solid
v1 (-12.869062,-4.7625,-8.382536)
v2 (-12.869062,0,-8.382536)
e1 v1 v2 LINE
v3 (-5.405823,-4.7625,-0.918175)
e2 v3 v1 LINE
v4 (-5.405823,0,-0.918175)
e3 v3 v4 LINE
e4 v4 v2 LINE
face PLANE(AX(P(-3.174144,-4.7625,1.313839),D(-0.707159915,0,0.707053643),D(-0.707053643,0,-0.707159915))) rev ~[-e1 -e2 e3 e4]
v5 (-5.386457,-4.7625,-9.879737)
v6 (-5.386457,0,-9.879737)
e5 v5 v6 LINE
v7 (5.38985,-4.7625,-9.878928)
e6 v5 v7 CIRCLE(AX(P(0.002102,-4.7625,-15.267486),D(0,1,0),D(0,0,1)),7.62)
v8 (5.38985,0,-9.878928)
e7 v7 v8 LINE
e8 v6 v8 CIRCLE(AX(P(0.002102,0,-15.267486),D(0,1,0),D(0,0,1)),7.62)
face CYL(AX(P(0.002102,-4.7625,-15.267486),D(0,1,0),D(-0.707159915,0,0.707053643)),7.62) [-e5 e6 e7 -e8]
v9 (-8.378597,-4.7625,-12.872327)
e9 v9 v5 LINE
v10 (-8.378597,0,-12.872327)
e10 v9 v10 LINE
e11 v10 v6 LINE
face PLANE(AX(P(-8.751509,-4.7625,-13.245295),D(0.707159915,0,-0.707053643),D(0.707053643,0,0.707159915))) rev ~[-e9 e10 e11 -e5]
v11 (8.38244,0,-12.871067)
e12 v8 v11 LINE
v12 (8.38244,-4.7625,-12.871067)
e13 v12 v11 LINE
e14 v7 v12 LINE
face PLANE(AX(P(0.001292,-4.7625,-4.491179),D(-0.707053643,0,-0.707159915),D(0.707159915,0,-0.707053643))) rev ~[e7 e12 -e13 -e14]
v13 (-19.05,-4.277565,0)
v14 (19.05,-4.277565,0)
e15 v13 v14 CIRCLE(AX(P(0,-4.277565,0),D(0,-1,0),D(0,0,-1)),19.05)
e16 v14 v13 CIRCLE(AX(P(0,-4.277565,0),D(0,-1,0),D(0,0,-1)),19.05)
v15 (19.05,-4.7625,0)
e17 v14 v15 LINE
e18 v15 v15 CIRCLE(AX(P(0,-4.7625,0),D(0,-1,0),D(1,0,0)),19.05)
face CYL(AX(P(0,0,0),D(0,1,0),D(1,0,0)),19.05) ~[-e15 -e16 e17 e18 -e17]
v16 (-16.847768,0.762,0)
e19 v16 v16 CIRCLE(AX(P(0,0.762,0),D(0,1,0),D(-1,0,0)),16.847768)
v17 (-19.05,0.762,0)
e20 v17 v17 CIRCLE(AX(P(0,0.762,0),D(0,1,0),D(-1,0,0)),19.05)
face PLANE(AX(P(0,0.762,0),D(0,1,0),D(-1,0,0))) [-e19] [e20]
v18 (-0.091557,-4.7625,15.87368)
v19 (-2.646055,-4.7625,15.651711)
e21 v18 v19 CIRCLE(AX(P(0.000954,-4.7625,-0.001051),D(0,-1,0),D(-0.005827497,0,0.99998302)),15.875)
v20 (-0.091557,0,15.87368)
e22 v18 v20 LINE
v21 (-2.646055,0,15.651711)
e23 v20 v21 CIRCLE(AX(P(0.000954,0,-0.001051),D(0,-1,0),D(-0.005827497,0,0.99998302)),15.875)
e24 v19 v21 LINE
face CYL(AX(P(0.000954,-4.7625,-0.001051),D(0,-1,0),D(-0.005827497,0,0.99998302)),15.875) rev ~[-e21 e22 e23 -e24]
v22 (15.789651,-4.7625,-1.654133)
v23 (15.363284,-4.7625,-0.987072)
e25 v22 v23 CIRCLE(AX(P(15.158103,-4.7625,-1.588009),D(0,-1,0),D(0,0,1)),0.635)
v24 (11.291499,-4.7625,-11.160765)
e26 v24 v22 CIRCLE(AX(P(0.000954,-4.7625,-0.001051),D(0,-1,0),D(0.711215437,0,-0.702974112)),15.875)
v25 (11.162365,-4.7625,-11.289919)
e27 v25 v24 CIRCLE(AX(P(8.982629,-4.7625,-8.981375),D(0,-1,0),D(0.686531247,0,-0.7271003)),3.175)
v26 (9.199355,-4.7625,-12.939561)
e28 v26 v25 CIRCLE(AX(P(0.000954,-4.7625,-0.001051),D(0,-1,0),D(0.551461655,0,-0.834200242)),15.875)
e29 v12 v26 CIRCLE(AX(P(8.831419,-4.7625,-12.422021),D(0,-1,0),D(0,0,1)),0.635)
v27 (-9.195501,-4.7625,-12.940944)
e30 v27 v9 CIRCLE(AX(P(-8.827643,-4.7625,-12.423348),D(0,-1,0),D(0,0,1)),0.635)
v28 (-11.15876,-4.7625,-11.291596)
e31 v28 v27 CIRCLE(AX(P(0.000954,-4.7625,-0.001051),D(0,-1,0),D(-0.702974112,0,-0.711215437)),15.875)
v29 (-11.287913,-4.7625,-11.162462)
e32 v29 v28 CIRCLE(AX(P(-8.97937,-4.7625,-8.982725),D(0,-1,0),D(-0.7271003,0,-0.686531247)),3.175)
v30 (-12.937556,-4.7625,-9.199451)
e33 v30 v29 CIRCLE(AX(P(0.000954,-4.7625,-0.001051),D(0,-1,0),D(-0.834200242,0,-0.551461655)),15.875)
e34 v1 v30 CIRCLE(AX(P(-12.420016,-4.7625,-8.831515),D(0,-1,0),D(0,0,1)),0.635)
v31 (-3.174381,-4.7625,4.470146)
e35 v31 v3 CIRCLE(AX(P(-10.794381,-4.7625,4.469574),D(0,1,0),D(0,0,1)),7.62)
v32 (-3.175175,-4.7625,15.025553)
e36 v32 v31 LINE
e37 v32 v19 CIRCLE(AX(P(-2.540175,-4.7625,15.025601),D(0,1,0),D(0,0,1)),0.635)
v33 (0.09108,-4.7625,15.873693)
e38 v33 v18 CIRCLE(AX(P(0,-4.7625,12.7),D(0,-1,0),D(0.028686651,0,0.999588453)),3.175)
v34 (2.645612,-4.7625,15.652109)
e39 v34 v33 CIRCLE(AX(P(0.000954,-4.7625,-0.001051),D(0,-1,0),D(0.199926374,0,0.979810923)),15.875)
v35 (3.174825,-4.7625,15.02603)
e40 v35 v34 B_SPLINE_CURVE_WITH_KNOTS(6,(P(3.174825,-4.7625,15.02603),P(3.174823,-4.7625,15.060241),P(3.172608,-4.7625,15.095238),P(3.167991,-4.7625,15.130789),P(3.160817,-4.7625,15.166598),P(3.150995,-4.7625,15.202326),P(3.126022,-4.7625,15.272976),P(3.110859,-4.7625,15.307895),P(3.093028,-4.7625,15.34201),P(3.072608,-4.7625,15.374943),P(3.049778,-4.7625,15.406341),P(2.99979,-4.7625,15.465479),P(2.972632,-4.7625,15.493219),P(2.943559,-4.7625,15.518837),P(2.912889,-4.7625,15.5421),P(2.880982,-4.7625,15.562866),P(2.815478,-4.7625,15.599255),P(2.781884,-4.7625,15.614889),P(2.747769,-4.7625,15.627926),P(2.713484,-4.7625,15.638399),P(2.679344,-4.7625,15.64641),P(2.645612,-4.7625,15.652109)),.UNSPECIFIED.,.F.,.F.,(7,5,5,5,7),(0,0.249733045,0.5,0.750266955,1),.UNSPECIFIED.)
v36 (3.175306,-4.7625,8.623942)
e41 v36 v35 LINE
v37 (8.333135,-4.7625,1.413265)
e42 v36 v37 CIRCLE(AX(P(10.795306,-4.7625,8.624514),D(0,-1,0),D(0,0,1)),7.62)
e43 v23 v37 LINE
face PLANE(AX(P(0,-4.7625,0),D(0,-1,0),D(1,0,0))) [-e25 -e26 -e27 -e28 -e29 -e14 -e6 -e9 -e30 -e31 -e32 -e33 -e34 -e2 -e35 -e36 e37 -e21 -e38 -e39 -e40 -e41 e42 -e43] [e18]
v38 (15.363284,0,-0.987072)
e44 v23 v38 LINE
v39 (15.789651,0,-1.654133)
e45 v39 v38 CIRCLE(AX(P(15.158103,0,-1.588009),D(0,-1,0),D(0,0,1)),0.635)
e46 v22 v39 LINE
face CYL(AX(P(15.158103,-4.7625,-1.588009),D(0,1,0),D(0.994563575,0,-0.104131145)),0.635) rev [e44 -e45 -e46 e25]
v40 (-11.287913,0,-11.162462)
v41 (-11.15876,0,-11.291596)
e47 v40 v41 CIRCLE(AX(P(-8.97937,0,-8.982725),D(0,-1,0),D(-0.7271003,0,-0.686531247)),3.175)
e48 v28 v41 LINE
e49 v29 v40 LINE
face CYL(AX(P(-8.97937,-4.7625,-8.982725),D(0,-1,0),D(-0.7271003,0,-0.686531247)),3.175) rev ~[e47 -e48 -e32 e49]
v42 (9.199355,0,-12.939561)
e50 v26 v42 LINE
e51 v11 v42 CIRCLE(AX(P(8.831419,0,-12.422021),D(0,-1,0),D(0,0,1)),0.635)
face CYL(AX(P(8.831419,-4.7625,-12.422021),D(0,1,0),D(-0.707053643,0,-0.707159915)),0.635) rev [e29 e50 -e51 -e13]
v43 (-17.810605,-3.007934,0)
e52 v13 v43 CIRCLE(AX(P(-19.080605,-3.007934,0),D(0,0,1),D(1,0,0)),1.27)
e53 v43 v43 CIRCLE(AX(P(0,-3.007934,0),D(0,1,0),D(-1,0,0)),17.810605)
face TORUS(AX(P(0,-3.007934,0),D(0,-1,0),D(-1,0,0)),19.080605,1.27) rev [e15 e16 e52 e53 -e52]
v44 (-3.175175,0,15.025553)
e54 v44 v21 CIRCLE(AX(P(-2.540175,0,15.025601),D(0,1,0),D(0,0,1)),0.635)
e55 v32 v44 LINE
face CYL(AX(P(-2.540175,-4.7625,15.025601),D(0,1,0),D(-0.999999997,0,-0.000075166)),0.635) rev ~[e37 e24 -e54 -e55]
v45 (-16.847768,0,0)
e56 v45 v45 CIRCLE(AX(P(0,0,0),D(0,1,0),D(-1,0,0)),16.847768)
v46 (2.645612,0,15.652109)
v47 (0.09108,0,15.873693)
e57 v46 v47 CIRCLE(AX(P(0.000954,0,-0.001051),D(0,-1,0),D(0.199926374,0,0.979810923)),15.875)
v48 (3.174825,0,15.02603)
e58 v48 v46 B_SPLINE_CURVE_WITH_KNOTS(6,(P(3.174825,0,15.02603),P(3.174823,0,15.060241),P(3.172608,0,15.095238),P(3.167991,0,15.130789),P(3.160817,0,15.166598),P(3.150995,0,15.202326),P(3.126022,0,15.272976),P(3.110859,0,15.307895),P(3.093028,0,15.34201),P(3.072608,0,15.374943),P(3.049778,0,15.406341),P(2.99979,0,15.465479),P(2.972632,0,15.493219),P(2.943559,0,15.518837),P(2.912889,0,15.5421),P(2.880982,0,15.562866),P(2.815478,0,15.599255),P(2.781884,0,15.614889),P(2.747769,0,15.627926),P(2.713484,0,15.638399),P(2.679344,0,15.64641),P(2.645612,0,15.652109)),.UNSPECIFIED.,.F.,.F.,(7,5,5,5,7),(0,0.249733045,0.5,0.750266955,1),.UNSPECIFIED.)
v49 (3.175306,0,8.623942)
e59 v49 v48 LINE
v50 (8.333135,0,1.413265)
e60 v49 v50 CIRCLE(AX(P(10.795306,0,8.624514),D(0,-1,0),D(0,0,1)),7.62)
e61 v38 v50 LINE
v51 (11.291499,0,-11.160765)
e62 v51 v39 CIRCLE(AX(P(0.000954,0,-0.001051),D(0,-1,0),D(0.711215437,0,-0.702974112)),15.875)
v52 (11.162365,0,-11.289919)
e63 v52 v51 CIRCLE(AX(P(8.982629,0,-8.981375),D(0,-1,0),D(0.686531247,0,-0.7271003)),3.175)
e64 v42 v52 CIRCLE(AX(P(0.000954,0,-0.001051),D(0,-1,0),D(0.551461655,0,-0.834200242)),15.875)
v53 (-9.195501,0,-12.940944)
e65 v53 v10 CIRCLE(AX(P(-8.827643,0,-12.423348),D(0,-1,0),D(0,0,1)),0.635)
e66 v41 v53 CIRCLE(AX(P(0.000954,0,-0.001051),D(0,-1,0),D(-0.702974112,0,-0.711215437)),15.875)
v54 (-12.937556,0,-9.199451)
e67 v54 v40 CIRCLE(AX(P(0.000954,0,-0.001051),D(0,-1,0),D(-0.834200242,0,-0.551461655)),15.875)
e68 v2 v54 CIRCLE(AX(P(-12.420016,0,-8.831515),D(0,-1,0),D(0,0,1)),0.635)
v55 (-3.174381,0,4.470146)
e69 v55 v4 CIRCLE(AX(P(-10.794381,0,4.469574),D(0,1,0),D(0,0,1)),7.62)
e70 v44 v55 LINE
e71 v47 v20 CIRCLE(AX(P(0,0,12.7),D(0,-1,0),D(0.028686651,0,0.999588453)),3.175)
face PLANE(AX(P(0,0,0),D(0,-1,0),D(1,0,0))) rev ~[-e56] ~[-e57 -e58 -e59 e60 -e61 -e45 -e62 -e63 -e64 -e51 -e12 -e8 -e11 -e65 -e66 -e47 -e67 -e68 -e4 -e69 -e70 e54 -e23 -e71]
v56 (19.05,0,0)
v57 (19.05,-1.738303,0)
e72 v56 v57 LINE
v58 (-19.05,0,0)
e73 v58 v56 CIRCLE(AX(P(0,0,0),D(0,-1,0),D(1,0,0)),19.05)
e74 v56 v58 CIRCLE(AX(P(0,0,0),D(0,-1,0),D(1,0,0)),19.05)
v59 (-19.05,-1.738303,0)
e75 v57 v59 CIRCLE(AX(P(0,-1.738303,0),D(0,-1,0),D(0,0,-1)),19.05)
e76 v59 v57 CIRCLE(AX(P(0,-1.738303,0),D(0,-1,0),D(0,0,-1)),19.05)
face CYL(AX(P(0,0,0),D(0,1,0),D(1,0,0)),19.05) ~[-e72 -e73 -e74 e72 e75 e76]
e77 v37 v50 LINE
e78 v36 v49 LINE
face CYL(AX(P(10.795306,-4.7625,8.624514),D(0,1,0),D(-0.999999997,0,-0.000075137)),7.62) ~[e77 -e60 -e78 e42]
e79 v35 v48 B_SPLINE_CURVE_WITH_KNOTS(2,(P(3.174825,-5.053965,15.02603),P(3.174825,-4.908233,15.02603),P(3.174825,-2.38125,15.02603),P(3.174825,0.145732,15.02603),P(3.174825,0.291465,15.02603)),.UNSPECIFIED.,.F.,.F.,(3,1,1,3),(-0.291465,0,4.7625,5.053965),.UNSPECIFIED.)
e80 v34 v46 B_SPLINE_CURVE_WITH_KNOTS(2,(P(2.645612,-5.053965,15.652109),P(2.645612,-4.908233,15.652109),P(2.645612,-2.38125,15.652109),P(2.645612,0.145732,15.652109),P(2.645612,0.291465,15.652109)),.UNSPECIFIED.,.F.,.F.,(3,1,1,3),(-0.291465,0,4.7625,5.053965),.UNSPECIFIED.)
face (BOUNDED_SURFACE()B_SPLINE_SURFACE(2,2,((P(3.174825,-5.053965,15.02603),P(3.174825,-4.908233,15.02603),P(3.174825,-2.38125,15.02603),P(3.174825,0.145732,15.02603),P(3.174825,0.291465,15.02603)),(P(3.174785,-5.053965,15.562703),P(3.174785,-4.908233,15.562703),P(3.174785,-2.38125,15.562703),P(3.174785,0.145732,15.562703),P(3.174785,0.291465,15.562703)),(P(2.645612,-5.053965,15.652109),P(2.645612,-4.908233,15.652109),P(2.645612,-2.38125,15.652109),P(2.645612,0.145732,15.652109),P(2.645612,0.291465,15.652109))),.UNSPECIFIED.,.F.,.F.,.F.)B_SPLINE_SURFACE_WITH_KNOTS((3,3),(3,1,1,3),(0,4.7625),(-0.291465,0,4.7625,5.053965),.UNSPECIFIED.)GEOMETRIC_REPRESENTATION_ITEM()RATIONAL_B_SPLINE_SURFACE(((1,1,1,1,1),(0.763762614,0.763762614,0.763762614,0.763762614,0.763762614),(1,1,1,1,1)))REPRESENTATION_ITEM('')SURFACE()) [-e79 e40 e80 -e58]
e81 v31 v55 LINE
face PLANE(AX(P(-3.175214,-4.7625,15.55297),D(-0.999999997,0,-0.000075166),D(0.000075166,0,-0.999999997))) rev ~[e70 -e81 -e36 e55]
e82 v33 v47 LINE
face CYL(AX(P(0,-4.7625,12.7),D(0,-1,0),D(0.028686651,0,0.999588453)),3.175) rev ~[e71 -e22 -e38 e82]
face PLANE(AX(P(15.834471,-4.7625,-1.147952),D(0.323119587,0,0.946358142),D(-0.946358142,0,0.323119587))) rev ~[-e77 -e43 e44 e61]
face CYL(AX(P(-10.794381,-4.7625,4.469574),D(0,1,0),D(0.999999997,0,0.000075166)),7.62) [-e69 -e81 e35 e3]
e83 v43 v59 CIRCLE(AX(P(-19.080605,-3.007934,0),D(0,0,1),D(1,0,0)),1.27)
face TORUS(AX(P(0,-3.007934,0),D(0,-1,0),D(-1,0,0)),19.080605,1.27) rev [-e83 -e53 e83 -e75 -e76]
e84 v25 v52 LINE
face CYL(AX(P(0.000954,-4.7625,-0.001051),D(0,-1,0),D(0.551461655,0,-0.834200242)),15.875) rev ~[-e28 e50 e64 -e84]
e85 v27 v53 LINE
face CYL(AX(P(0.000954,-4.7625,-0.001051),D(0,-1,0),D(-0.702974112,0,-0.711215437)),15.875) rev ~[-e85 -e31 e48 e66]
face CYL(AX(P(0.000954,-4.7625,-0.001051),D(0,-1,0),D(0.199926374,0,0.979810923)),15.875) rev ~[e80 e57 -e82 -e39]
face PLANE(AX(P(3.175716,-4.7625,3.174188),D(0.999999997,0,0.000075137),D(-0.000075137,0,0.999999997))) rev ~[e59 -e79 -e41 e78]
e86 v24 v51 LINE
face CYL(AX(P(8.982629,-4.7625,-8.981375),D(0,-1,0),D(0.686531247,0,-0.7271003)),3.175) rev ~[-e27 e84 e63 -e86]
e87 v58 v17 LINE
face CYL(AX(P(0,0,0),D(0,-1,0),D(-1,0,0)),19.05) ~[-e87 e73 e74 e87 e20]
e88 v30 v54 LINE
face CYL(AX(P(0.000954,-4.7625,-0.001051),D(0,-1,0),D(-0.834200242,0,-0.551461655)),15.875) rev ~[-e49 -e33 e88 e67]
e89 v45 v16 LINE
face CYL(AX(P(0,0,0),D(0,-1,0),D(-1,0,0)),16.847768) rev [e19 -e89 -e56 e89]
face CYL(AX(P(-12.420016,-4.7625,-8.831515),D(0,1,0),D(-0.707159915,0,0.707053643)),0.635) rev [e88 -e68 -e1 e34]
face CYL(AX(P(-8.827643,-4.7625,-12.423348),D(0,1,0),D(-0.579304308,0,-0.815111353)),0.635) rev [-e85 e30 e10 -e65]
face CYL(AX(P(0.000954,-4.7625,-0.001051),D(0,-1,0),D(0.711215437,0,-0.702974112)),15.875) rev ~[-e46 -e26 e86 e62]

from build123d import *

# Parameters (mm, degrees)
F0_R     = 19.05
F1_DEPTH = 4.7625
F3_DEPTH = 25.4
F4_R     = 0.635
F5_R     = 7.62
F6_R     = 19.05
F6_R_2   = 16.8477682608
F7_DEPTH = 0.762
F8_R     = 1.27


with BuildPart() as f1:
    # F0 (on Front) → F1 (new body)
    with BuildSketch(Plane.XZ):
        Circle(F0_R)
    extrude(amount=F1_DEPTH)

    # F2 (on face) → F3 (cut)
    with BuildSketch(Plane.XZ.offset(4.7625)):
        with BuildLine():
            ThreePointArc((-13.2419744131, -8.7555045953), (-12.3238425839, -10.0067993588), (-11.2879133137, -11.1624615879))
            ThreePointArc((-11.2879133137, -11.1624615879), (-11.2235221627, -11.2272144784), (-11.1587595957, -11.2915958968))
            ThreePointArc((-11.1587595957, -11.2915958968), (-10.0029416889, -12.32735147), (-8.7515089527, -13.2452952306))
            Line((-8.7515089527, -13.2452952306), (0.0012918382, -4.4911788753))
            Line((0.0012918382, -4.4911788753), (8.7554081934, -13.2439796662))
            ThreePointArc((8.7554081934, -13.2439796662), (10.006702957, -12.325847837), (11.1623651861, -11.2899185668))
            ThreePointArc((11.1623651861, -11.2899185668), (11.2271180766, -11.2255274158), (11.291499495, -11.1607648488))
            ThreePointArc((11.291499495, -11.1607648488), (14.4575372164, -6.5602305791), (15.8344708919, -1.1479515698))
            Line((15.8344708919, -1.1479515698), (3.1757157521, 3.1741877502))
            Line((3.1757157521, 3.1741877502), (3.1747959638, 15.4156336391))
            Line((3.1747959638, 15.4156336391), (3.1747856088, 15.5534475772))
            ThreePointArc((3.1747856088, 15.5534475772), (1.6407693424, 15.7890293509), (0.0910801197, 15.8736933393))
            ThreePointArc((0.0910801197, 15.8736933393), (-0.0002385077, 15.8739491277), (-0.0915570956, 15.8736796149))
            ThreePointArc((-0.0915570956, 15.8736796149), (-1.6412335946, 15.7887827216), (-3.1752144554, 15.5529703966))
            Line((-3.1752144554, 15.5529703966), (-3.1741441565, 1.3138388775))
            Line((-3.1741441565, 1.3138388775), (-13.2419744131, -8.7555045953))
        make_face()
        with BuildLine():
            Line((-3.1740454005, 0), (-3.1741441565, 1.3138388775))
            Line((-3.1741441565, 1.3138388775), (-2.2442783045, 2.2438444902))
            ThreePointArc((-2.2442783045, 2.2438444902), (-2.9322076505, 1.2143442667), (-3.1740454005, 0))
        make_face(mode=Mode.SUBTRACT)
        with BuildLine():
            Line((-2.2442783045, 2.2438444902), (-3.1741441565, 1.3138388775))
            Line((-3.1741441565, 1.3138388775), (-3.1740454005, 0))
            ThreePointArc((-3.1740454005, 0), (-2.9322076505, 1.2143442667), (-2.2442783045, 2.2438444902))
        make_face()
        with BuildLine():
            ThreePointArc((-11.1587595957, -11.2915958968), (-11.2235221627, -11.2272144784), (-11.2879133137, -11.1624615879))
            ThreePointArc((-11.2879133137, -11.1624615879), (-11.2242651795, -11.2279576068), (-11.1587595957, -11.2915958968))
        make_face()
        with BuildLine():
            ThreePointArc((0.0910801197, 15.8736933393), (-0.0002385867, 15.874999991), (-0.0915570956, 15.8736796149))
            ThreePointArc((-0.0915570956, 15.8736796149), (-0.0002385077, 15.8739491277), (0.0910801197, 15.8736933393))
        make_face()
        with BuildLine():
            ThreePointArc((11.291499495, -11.1607648488), (11.2271180766, -11.2255274158), (11.1623651861, -11.2899185668))
            ThreePointArc((11.1623651861, -11.2899185668), (11.227861205, -11.2262704326), (11.291499495, -11.1607648488))
        make_face()
    extrude(amount=-F3_DEPTH, mode=Mode.SUBTRACT)

    # F4
    f4_edges = [f1.edges().sort_by_distance(p)[0] for p in [
        (-13.241974, -2.38125, -8.755505),
        (-8.751509, -2.38125, -13.245295),
        (8.755408, -2.38125, -13.24398),
        (15.834471, -2.38125, -1.147952),
        (3.174786, -2.38125, 15.553448),
        (-3.175214, -2.38125, 15.55297),
    ]]
    fillet(f4_edges, radius=F4_R)

    # F5
    f5_edges = [f1.edges().sort_by_distance(p)[0] for p in [
        (-3.174144, -2.38125, 1.313839),
        (0.001292, -2.38125, -4.491179),
        (3.175716, -2.38125, 3.174188),
    ]]
    fillet(f5_edges, radius=F5_R)

    # F6 (on face) → F7 (join)
    with BuildSketch(Plane(origin=(0, 0, 0), x_dir=(-1, 0, 0), z_dir=(0, 1, 0))):
        Circle(F6_R)
        Circle(F6_R_2, mode=Mode.SUBTRACT)
    extrude(amount=F7_DEPTH)

    # F8 (on Top) → F9 (revolve, cut)
    with BuildSketch(Plane.XY):
        with Locations((-19.0806053579, -3.0079341959)):
            Circle(F8_R)
    revolve(axis=Axis((0, 0.762, 0), (0, 1, 0)), mode=Mode.SUBTRACT)


solid = f1.part
